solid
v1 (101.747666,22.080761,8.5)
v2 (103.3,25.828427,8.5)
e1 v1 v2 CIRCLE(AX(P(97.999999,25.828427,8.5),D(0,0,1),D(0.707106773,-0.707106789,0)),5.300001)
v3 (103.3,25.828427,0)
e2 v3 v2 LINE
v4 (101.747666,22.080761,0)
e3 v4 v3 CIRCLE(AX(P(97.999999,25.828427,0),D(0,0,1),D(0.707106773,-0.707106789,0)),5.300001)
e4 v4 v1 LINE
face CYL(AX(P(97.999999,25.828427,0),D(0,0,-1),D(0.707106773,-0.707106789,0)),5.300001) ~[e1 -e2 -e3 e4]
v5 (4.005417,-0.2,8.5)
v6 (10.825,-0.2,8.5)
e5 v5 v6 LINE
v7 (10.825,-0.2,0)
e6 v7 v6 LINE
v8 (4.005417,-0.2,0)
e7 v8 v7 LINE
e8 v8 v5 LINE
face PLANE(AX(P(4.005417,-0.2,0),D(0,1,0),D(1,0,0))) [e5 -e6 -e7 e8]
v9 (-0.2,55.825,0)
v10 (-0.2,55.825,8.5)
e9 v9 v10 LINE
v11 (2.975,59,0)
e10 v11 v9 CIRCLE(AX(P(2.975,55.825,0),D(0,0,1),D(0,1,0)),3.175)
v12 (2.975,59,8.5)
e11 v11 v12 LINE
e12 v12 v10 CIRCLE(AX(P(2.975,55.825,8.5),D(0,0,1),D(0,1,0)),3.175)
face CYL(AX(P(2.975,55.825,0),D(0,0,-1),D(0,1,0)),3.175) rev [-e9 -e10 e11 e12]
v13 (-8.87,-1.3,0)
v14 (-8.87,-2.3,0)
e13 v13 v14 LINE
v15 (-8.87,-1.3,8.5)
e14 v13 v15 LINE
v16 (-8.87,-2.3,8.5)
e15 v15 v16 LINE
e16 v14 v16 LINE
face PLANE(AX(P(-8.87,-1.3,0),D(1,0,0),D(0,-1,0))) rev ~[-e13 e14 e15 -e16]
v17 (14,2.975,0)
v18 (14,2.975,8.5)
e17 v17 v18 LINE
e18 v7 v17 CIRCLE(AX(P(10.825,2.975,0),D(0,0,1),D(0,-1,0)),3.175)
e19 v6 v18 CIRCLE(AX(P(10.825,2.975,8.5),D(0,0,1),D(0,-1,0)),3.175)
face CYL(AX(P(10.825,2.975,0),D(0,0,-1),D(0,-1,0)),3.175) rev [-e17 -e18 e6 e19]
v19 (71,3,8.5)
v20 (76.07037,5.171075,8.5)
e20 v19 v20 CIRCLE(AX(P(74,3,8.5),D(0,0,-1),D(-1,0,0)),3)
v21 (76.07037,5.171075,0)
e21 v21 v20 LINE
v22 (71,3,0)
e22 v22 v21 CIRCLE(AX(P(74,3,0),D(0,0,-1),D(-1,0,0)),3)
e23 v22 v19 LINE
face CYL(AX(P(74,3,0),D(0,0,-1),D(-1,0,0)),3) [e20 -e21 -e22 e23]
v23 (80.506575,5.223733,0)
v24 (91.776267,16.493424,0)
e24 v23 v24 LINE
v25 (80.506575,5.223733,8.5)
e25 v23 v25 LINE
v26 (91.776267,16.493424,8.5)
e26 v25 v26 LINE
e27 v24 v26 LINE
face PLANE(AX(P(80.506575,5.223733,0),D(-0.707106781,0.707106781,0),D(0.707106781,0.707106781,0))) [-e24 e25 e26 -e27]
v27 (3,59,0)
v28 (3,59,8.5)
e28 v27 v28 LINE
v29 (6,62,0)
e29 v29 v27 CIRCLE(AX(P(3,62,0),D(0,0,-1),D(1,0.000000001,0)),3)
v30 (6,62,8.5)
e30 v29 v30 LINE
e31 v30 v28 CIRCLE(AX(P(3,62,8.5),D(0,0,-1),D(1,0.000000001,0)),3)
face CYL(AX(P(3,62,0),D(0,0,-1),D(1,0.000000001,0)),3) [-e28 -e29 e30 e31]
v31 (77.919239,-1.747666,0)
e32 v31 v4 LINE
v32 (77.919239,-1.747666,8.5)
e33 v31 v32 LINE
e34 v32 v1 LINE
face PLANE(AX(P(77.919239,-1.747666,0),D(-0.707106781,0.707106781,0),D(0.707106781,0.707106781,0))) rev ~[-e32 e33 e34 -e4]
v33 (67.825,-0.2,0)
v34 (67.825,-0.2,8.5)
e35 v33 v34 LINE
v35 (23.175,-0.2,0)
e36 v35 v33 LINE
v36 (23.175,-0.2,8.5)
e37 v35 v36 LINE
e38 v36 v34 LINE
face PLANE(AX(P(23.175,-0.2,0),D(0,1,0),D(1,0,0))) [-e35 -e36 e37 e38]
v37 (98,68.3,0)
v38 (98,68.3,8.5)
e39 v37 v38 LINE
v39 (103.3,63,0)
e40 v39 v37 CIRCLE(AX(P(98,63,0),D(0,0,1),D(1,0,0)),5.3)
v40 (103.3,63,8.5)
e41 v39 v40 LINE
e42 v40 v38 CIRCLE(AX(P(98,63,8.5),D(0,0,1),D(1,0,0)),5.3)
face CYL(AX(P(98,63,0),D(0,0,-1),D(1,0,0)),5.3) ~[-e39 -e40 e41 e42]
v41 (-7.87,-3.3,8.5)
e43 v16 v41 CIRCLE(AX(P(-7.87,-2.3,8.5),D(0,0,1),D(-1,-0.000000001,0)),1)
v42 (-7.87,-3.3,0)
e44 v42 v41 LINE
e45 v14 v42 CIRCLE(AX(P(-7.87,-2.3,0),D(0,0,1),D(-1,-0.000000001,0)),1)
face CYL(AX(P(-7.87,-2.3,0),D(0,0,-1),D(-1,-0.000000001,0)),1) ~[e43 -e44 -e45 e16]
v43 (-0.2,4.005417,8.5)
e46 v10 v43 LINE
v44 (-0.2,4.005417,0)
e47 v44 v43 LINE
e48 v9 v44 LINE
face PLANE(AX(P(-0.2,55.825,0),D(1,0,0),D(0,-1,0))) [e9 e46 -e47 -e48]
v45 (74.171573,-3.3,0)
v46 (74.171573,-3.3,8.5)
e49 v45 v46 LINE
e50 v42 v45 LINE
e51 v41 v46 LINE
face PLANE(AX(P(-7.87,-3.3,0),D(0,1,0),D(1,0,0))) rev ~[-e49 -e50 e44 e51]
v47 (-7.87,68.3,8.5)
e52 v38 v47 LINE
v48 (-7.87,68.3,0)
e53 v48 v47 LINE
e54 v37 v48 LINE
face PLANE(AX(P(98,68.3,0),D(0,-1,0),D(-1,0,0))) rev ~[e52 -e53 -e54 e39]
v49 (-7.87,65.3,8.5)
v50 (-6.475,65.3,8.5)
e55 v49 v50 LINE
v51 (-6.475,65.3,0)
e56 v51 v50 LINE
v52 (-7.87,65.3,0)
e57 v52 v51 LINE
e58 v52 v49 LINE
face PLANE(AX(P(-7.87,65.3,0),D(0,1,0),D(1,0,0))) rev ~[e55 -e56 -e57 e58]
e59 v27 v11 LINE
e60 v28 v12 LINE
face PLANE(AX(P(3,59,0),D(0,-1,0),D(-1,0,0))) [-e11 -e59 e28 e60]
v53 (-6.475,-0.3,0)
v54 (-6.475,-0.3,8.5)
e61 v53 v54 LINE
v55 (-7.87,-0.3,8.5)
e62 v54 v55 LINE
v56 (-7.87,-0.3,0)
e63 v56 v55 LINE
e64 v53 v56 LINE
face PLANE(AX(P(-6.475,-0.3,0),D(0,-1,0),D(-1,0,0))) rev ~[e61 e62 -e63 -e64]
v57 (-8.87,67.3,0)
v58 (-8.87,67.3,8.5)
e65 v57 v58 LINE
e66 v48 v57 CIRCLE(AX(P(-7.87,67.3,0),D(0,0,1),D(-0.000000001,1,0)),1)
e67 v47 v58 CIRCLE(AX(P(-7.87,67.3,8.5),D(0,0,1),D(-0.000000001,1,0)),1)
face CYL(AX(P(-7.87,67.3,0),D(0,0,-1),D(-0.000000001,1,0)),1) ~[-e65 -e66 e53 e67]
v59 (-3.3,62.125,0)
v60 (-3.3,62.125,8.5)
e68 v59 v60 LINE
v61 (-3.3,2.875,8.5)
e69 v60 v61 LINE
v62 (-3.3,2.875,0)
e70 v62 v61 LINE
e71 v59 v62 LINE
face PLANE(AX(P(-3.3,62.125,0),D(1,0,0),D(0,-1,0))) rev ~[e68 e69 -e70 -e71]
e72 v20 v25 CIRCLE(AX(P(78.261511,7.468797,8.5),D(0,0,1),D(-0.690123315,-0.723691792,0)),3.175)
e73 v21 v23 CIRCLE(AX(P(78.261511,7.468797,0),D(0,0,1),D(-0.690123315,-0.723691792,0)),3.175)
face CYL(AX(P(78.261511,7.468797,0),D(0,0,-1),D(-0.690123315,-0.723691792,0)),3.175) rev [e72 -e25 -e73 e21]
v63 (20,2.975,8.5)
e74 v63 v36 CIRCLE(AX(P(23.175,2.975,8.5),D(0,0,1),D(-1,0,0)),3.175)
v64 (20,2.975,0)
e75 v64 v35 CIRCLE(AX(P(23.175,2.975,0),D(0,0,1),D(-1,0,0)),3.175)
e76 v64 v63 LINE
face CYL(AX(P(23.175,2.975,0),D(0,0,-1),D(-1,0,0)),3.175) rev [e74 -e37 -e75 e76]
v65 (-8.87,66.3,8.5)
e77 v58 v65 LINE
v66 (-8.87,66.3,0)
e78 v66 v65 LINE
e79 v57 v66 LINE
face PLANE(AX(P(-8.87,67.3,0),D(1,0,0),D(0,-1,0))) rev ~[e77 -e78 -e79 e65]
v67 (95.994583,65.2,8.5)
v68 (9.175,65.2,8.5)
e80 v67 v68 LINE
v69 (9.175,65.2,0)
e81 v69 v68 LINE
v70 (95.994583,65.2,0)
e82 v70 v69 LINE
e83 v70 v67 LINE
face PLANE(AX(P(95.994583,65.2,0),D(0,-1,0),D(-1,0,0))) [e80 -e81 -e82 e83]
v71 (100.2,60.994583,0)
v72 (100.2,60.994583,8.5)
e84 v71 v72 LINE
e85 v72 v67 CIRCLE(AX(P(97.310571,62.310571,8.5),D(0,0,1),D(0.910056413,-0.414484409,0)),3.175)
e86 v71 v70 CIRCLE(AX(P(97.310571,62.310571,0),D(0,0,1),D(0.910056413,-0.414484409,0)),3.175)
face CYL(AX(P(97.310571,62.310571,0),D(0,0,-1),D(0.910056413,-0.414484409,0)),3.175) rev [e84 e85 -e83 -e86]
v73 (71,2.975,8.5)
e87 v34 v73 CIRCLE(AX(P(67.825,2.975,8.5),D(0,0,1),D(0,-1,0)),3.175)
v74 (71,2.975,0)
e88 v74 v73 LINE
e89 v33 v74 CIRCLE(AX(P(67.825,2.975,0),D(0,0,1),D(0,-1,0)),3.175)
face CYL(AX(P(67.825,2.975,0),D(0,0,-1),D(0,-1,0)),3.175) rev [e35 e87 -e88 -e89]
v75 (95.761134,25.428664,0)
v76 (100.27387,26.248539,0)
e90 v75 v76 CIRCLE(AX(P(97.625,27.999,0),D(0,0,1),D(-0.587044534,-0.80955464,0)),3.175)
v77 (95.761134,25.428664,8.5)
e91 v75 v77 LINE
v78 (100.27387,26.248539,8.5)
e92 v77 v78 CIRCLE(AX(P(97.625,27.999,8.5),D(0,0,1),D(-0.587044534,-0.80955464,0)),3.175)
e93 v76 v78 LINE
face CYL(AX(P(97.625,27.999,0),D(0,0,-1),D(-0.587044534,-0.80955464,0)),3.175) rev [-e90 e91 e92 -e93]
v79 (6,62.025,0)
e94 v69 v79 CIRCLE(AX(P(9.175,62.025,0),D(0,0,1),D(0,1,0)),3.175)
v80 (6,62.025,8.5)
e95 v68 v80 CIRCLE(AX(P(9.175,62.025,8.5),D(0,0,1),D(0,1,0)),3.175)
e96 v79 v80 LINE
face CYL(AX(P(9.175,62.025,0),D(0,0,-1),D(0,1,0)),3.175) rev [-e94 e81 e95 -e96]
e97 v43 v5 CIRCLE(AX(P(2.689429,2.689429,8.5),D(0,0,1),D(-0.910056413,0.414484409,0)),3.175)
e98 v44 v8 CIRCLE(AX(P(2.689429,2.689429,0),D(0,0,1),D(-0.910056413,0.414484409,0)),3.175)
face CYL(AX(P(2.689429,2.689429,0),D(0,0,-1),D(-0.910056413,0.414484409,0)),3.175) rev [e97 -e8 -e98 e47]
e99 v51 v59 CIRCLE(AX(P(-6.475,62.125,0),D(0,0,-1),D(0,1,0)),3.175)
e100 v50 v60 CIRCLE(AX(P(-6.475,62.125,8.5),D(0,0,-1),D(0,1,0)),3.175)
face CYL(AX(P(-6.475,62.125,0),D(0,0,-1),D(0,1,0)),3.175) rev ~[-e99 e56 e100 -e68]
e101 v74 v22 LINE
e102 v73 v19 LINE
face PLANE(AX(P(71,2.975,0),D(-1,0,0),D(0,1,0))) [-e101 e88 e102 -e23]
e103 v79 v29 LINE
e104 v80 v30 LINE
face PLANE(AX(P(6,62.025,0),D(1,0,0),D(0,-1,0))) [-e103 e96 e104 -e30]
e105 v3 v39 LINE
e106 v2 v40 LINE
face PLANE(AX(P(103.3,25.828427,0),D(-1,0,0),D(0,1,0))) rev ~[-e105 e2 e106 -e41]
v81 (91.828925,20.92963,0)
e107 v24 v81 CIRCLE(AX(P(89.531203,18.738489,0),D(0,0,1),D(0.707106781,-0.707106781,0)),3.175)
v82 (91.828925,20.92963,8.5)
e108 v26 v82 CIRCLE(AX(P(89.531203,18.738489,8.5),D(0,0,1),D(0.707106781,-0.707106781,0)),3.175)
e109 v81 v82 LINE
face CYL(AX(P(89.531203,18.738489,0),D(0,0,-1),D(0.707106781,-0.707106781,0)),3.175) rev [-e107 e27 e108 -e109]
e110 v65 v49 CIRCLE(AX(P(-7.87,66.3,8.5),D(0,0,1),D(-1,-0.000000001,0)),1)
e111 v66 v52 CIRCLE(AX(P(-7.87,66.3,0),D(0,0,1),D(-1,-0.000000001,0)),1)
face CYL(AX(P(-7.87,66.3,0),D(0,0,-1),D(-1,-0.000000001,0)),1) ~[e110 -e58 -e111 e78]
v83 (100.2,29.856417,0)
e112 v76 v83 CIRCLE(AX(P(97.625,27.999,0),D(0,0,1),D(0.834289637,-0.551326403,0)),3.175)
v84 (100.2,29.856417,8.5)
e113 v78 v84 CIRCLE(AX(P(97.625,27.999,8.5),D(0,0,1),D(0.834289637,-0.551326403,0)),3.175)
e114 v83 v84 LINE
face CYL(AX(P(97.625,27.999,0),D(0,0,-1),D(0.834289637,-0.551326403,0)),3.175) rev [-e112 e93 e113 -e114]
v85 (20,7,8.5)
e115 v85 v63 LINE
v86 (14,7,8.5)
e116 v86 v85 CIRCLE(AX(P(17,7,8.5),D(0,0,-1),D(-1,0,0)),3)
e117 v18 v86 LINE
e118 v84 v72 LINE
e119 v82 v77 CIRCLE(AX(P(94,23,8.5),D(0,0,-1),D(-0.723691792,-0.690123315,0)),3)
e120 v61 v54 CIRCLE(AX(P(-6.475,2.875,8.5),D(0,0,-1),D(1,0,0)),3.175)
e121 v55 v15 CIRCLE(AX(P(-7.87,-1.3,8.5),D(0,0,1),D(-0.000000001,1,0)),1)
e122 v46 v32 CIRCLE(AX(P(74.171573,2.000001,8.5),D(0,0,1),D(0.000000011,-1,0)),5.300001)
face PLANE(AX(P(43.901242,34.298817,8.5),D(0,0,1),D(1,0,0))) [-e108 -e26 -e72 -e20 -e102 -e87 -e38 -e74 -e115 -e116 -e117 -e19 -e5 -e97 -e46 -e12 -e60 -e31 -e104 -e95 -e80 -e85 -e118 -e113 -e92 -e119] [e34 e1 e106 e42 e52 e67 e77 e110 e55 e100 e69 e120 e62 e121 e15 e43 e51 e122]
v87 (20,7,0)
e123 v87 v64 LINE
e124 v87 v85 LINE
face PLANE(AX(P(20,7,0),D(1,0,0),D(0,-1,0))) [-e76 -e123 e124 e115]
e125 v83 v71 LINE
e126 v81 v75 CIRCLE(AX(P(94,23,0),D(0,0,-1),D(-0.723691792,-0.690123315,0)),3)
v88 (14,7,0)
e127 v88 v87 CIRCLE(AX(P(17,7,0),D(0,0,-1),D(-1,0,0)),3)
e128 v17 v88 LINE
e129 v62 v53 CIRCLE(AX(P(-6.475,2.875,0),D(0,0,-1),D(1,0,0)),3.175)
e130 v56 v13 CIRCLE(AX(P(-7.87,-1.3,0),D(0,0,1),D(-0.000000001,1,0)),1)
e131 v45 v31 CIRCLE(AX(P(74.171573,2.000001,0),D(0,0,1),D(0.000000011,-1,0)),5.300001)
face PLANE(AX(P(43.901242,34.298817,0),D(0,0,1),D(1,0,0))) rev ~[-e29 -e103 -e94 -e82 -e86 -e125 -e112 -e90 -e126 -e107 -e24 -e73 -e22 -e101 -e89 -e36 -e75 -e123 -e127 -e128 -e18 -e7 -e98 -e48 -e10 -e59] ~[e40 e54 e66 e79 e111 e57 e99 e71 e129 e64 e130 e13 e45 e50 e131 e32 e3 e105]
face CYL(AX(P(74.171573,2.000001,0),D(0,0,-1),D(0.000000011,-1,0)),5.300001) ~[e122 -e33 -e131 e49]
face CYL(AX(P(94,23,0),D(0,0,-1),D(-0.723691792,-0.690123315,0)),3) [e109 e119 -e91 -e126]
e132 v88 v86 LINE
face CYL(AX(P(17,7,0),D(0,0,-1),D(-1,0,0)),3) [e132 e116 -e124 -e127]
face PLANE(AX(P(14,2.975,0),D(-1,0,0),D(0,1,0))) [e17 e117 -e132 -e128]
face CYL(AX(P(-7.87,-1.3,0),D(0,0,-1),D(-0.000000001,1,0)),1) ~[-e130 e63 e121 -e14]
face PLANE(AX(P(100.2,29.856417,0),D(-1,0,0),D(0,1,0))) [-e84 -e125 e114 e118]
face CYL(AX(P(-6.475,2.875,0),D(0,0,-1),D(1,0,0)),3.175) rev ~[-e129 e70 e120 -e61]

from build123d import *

# Parameters (mm, degrees)
BOSS_EXTRUDE1_DEPTH = 8.5


with BuildPart() as part:
    # Sketch1 → Boss-Extrude1 (new body)
    with BuildSketch(Plane.XY):
        with BuildLine():
            Line((-8.87, -1.3), (-8.87, -2.3))
            ThreePointArc((-8.87, -2.3), (-8.577106781, -3.007106781), (-7.87, -3.3))
            Line((-7.87, -3.3), (74.171572667, -3.3))
            ThreePointArc((74.171572667, -3.3), (76.199795144, -2.896561433), (77.919239112, -1.747665644))
            Line((77.919239112, -1.747665644), (101.747665711, 22.080760955))
            ThreePointArc((101.747665711, 22.080760955), (102.896561433, 23.800204856), (103.3, 25.828427238))
            Line((103.3, 25.828427238), (103.3, 63))
            ThreePointArc((103.3, 63), (101.74766594, 66.74766594), (98, 68.3))
            Line((98, 68.3), (-7.87, 68.3))
            ThreePointArc((-7.87, 68.3), (-8.577106781, 68.007106781), (-8.87, 67.3))
            Line((-8.87, 67.3), (-8.87, 66.3))
            ThreePointArc((-8.87, 66.3), (-8.577106781, 65.592893219), (-7.87, 65.3))
            Line((-7.87, 65.3), (-6.475, 65.3))
            ThreePointArc((-6.475, 65.3), (-4.22993597, 64.37006403), (-3.3, 62.125))
            Line((-3.3, 62.125), (-3.3, 2.875))
            ThreePointArc((-3.3, 2.875), (-4.22993597, 0.62993597), (-6.475, -0.3))
            Line((-6.475, -0.3), (-7.87, -0.3))
            ThreePointArc((-7.87, -0.3), (-8.577106781, -0.592893219), (-8.87, -1.3))
        make_face()
        with BuildLine():
            Line((100.2, 29.856417462), (100.2, 60.994582891))
            ThreePointArc((100.2, 60.994582891), (99.555634919, 64.555634919), (95.994582891, 65.2))
            Line((95.994582891, 65.2), (9.175, 65.2))
            ThreePointArc((9.175, 65.2), (6.92993597, 64.27006403), (6, 62.025))
            Line((6, 62.025), (6, 62))
            ThreePointArc((6, 62), (5.121320344, 59.878679656), (3, 59))
            Line((3, 59), (2.975, 59))
            ThreePointArc((2.975, 59), (0.72993597, 58.07006403), (-0.2, 55.825))
            Line((-0.2, 55.825), (-0.2, 4.005417109))
            ThreePointArc((-0.2, 4.005417109), (0.444365081, 0.444365081), (4.005417109, -0.2))
            Line((4.005417109, -0.2), (10.825, -0.2))
            ThreePointArc((10.825, -0.2), (13.07006403, 0.72993597), (14, 2.975))
            Line((14, 2.975), (14, 7))
            ThreePointArc((14, 7), (17, 10), (20, 7))
            Line((20, 7), (20, 2.975))
            ThreePointArc((20, 2.975), (20.92993597, 0.72993597), (23.175, -0.2))
            Line((23.175, -0.2), (67.825, -0.2))
            ThreePointArc((67.825, -0.2), (70.07006403, 0.72993597), (71, 2.975))
            Line((71, 2.975), (71, 3))
            ThreePointArc((71, 3), (72.819133757, 5.757817056), (76.070369945, 5.171075377))
            ThreePointArc((76.070369945, 5.171075377), (78.299195815, 4.294020465), (80.5065755, 5.223732787))
            Line((80.5065755, 5.223732787), (91.776267213, 16.4934245))
            ThreePointArc((91.776267213, 16.4934245), (92.705979535, 18.700804185), (91.828924623, 20.929630055))
            ThreePointArc((91.828924623, 20.929630055), (91.741164129, 24.974249353), (95.761133603, 25.428663919))
            ThreePointArc((95.761133603, 25.428663919), (98.192543935, 24.875137086), (100.273869597, 26.248538573))
            ThreePointArc((100.273869597, 26.248538573), (100.79933472, 28.063992887), (100.2, 29.856417462))
        make_face(mode=Mode.SUBTRACT)
    extrude(amount=BOSS_EXTRUDE1_DEPTH)


solid = part.part
